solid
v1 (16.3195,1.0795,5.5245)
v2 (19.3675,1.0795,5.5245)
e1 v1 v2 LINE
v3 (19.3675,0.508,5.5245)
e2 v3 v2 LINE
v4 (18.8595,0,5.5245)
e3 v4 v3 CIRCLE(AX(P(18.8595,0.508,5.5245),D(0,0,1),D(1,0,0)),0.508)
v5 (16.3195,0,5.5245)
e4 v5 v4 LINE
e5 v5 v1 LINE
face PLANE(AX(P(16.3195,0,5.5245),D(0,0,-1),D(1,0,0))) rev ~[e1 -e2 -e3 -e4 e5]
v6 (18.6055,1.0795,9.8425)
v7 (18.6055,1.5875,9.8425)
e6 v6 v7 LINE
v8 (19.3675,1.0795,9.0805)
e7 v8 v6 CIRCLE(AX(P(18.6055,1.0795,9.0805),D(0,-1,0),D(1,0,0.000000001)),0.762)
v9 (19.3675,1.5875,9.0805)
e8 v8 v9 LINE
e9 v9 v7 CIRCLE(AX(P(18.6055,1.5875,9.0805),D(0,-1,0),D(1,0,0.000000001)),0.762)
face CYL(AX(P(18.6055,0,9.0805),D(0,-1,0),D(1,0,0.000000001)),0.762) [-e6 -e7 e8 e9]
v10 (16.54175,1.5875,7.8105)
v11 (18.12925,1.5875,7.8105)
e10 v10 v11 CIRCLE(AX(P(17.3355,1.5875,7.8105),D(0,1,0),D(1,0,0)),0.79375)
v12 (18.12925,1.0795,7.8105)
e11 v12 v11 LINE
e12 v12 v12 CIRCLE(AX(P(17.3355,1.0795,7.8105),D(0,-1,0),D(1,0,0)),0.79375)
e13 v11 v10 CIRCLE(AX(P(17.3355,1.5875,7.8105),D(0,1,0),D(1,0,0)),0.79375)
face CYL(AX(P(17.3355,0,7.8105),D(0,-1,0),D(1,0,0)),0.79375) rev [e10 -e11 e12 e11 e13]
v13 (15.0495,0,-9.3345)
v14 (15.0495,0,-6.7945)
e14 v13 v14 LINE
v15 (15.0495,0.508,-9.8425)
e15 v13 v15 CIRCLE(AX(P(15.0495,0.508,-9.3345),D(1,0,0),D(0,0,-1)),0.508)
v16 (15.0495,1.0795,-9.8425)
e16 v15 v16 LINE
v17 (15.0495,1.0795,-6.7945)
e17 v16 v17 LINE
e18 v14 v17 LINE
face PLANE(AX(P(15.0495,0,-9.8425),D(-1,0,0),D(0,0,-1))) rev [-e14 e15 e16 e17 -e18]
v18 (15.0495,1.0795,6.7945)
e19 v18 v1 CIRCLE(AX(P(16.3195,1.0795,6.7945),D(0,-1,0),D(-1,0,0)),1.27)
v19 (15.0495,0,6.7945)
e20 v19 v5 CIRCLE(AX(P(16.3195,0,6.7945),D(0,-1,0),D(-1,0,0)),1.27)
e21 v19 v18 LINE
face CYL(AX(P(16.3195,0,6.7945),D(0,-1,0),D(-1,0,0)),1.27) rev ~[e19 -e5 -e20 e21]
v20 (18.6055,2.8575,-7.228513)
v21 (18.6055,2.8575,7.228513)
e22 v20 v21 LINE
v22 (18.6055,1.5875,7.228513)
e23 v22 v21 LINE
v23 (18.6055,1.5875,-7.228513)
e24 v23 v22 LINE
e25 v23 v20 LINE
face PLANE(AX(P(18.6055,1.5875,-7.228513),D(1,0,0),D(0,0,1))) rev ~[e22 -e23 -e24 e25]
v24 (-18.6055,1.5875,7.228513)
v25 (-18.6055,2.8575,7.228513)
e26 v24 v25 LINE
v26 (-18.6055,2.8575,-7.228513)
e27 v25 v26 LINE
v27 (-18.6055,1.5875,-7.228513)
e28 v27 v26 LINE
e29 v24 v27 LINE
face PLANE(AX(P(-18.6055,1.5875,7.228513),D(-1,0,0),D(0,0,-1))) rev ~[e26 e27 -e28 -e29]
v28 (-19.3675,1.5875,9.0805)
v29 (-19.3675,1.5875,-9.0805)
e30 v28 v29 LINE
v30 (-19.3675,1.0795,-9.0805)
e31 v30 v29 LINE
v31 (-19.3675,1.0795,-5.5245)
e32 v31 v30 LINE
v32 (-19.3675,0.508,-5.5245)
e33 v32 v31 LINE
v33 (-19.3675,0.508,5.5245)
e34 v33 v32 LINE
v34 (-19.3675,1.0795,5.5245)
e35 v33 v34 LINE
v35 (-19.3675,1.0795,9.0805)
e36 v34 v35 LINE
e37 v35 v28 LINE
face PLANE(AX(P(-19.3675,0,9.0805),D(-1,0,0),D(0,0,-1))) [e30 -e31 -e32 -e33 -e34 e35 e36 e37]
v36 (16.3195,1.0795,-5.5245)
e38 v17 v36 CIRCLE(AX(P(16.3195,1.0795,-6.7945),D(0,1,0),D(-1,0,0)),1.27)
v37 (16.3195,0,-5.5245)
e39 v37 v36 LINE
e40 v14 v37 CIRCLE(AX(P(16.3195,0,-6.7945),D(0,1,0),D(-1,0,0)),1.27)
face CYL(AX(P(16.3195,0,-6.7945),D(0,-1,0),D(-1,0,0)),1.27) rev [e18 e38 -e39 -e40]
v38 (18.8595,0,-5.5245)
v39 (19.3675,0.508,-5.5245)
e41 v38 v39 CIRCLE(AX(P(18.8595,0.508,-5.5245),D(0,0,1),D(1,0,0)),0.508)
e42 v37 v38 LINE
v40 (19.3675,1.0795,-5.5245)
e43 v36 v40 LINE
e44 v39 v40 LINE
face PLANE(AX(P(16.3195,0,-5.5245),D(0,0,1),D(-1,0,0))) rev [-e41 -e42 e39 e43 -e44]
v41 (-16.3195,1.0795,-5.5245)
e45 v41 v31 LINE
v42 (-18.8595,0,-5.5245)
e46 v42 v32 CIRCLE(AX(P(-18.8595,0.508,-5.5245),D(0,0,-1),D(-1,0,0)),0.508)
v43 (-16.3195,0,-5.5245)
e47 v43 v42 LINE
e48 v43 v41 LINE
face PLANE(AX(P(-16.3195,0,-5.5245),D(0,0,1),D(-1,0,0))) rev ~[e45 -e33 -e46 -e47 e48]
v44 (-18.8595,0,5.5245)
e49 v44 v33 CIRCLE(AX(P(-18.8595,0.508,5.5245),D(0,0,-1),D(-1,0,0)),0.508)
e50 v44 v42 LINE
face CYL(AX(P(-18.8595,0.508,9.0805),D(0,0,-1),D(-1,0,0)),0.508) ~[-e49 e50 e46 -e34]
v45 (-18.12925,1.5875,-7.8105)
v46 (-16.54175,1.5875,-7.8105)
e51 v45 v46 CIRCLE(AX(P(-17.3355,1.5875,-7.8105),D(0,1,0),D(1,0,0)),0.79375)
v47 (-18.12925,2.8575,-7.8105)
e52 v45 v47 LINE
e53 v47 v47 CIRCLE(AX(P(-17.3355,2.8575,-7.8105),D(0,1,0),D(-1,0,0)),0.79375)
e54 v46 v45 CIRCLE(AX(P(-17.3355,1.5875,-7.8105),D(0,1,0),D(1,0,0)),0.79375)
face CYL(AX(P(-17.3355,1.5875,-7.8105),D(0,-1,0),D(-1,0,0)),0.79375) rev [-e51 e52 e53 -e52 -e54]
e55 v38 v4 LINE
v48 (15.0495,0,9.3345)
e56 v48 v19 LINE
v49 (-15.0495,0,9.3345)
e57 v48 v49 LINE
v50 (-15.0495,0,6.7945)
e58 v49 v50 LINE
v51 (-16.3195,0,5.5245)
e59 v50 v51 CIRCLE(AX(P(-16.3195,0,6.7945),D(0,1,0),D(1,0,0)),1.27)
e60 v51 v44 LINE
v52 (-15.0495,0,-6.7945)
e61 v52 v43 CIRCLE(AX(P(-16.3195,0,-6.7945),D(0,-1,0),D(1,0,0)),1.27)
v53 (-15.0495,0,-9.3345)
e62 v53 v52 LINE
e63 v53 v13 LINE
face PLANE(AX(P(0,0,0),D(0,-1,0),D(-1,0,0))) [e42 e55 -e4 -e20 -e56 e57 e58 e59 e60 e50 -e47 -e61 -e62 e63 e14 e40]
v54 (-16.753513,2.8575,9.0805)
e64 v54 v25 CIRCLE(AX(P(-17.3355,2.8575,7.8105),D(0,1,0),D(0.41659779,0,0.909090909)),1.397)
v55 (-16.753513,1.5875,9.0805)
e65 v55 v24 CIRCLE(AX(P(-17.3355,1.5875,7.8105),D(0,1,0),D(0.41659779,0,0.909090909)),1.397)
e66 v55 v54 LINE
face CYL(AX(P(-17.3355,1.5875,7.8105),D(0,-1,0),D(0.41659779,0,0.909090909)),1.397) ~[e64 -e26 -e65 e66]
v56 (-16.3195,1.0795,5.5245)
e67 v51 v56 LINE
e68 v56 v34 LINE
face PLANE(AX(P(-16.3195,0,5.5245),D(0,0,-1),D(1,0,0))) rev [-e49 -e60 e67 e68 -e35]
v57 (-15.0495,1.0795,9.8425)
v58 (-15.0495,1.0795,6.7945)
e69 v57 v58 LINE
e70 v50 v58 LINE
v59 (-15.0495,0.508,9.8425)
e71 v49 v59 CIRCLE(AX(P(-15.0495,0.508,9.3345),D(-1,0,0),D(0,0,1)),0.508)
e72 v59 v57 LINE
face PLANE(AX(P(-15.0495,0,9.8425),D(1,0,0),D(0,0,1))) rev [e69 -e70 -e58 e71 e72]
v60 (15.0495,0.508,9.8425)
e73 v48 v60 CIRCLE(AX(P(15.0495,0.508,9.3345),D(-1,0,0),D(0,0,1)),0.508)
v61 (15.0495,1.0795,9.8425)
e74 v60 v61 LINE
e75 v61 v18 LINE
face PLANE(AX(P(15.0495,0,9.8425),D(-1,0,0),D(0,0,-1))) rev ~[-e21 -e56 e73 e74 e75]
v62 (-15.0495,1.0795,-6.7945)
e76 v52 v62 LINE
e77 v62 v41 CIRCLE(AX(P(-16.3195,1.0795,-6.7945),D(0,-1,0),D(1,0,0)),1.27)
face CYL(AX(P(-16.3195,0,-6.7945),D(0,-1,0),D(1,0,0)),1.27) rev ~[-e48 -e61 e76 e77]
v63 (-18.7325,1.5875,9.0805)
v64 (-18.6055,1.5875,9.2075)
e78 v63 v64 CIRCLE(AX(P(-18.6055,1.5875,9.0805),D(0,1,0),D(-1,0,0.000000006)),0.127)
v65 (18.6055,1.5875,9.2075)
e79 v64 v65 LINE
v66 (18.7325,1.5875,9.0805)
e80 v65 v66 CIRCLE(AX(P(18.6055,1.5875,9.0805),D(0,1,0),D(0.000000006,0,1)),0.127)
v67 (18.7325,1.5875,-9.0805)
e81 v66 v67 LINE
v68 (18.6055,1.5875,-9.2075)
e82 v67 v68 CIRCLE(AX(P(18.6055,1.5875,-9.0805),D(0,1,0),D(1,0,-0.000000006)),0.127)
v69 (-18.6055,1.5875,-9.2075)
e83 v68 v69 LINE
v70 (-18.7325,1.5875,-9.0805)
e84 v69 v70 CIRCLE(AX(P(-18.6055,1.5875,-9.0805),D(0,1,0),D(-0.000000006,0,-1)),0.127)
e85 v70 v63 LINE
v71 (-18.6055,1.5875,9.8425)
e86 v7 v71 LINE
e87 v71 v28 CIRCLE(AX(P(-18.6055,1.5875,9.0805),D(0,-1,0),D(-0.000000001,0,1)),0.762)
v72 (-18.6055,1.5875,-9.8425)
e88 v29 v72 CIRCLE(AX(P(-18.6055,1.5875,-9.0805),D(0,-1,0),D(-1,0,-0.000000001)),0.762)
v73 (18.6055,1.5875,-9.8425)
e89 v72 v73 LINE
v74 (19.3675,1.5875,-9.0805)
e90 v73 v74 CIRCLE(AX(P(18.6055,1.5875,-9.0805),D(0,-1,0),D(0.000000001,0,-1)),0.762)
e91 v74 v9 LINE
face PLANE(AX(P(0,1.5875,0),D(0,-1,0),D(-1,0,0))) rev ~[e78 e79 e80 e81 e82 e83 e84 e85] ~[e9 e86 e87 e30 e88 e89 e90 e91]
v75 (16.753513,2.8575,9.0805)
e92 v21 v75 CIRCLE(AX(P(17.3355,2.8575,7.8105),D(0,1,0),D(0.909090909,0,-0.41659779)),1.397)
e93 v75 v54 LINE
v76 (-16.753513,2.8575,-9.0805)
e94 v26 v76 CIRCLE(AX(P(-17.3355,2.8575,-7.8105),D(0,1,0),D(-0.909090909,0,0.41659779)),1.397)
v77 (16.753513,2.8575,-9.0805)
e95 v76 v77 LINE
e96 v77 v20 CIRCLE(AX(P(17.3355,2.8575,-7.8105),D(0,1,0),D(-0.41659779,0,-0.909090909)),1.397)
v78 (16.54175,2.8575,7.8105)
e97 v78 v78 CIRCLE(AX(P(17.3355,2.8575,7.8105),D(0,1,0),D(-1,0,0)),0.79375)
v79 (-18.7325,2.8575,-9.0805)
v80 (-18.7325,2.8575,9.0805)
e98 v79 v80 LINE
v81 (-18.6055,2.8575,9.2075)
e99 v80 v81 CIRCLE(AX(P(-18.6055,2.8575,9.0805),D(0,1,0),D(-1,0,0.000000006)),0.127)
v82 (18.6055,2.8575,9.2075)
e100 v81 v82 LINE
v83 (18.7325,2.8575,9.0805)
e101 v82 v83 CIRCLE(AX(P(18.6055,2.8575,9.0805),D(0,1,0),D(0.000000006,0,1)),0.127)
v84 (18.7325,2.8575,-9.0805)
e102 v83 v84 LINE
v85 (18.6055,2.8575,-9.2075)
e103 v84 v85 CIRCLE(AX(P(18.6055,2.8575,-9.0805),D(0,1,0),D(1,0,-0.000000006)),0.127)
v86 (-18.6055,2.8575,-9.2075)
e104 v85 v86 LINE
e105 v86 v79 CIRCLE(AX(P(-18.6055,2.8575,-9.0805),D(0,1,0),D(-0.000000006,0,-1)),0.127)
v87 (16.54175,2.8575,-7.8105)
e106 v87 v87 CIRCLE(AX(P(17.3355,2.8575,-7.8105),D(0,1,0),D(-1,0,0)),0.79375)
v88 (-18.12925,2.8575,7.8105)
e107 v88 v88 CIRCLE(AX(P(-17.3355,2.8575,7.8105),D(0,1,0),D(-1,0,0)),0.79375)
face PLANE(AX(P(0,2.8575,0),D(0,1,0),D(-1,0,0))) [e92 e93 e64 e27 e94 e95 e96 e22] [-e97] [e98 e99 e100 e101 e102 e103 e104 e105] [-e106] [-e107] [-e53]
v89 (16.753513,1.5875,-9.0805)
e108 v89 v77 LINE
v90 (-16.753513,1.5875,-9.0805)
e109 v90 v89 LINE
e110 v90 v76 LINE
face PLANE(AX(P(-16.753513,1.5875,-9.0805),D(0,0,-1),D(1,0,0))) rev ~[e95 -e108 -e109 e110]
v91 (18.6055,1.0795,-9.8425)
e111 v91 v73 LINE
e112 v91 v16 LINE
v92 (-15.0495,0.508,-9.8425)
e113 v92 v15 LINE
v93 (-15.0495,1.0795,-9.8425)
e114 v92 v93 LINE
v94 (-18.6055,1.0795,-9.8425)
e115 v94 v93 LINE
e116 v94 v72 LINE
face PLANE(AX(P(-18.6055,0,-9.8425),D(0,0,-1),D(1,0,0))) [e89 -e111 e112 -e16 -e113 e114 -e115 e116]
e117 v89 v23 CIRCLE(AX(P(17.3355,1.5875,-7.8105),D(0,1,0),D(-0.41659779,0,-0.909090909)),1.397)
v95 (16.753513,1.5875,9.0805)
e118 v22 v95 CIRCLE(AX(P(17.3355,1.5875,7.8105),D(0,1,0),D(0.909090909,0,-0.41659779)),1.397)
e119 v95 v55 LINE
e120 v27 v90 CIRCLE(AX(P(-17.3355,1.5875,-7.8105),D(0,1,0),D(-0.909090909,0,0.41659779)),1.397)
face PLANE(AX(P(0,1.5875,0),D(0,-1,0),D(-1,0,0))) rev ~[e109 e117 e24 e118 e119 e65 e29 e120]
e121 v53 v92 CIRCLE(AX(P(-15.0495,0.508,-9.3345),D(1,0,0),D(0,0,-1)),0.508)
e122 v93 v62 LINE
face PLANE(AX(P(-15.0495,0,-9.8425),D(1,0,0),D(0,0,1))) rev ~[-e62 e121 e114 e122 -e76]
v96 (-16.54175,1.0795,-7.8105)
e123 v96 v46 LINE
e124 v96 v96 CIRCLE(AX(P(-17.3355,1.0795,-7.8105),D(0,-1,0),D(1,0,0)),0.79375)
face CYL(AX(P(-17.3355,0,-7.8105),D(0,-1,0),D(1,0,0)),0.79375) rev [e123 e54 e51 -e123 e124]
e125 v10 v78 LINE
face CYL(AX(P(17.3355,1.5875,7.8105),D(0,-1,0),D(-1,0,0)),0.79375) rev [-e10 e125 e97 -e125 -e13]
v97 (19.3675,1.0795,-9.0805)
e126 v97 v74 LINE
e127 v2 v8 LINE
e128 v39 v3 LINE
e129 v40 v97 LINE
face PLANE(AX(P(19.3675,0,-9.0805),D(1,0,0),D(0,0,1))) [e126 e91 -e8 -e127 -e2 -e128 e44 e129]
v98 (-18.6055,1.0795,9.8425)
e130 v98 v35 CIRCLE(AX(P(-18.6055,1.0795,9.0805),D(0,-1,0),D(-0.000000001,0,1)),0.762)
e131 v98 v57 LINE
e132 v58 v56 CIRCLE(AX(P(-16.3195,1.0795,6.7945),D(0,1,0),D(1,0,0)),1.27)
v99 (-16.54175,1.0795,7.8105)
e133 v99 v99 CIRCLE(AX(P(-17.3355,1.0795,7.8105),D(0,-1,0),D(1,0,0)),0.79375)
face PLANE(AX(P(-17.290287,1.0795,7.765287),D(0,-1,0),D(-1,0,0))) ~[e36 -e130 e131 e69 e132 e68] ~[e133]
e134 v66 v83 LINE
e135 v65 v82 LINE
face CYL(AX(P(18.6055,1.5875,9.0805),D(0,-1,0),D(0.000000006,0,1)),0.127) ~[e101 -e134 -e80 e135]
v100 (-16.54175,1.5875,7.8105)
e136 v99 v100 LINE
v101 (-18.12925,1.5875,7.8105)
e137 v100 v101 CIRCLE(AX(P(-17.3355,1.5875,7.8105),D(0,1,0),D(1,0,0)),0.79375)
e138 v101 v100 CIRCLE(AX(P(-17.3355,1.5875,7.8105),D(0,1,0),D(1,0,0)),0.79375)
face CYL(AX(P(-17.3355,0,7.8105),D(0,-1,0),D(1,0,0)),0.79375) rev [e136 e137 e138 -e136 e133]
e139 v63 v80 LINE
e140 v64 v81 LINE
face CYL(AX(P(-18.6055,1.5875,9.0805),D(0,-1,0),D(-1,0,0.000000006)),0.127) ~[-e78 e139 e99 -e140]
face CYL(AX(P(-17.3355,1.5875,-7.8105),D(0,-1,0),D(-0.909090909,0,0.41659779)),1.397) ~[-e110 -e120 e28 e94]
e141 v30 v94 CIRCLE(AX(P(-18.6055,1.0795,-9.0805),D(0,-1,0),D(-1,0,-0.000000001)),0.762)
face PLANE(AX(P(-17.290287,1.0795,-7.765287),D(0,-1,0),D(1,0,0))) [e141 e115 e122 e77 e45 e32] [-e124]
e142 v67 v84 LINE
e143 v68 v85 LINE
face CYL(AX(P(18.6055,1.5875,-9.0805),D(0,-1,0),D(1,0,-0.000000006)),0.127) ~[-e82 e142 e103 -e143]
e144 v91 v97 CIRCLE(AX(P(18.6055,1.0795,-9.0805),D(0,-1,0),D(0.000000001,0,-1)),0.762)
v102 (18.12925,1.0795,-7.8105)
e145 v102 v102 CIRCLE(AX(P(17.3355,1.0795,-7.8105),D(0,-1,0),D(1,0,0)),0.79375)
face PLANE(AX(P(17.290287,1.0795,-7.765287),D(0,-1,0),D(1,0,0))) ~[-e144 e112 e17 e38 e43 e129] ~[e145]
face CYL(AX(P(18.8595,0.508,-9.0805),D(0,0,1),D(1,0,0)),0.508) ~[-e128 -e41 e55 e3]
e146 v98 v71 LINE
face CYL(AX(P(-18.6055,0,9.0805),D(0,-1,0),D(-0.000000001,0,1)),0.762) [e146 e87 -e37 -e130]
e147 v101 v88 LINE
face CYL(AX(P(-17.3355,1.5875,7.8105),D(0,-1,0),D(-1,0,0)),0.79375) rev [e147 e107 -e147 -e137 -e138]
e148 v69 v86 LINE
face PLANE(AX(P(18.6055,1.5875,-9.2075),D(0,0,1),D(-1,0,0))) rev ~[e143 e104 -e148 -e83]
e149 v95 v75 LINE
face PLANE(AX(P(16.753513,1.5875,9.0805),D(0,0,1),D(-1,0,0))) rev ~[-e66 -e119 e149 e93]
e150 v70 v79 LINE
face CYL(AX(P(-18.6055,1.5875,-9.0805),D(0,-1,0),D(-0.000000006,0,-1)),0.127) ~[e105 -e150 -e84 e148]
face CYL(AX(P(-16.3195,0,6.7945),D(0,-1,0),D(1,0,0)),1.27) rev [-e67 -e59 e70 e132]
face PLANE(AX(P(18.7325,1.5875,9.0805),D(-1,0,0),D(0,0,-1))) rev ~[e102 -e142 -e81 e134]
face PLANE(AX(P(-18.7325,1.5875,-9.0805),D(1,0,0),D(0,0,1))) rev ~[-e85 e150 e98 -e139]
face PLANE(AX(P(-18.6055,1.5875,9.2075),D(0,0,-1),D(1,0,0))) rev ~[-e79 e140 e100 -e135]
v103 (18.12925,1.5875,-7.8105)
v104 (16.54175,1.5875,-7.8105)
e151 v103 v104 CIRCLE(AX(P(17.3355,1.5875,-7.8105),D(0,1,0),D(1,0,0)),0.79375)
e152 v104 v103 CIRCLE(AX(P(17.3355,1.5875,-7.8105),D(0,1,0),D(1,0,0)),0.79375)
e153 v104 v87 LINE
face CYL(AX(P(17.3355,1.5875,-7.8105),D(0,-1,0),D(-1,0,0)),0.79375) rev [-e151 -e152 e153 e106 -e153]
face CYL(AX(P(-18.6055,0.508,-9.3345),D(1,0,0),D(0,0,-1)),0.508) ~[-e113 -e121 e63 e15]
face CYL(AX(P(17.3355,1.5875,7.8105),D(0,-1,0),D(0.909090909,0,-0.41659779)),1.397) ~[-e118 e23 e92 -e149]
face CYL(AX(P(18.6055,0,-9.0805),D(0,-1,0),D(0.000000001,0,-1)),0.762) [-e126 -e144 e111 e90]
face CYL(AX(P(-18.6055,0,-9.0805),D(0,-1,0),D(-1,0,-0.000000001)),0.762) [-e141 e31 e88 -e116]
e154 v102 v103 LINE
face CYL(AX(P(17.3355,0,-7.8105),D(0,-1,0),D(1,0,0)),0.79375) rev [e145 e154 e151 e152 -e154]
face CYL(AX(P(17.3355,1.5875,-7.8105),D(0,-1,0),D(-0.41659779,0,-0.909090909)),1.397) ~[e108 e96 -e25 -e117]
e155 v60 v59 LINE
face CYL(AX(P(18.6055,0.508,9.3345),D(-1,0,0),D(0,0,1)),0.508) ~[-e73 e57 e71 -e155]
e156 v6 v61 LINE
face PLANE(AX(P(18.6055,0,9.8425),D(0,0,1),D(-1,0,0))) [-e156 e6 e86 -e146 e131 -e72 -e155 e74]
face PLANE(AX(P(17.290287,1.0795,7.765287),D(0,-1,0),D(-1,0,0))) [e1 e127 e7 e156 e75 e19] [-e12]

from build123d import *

# Parameters (mm, degrees)
SKETCH1_R            = 0.79375
EXTRUDE1_DEPTH       = 1.5875
FILLET2_R            = 0.508
SKETCH2_R            = 0.79375
EXTRUDE2_DEPTH       = 1.27
CUT_EXTRUDE1_DEPTH   = 1.0795
MIRROR2_COPY_1_DEPTH = 1.0795


with BuildPart() as part:
    # Sketch1 → Extrude1 (new body)
    with BuildSketch(Plane(origin=(0, 0, 0), x_dir=(1, 0, 0), z_dir=(0, 1, 0))):
        with BuildLine():
            Line((-18.6055, 9.8425), (18.6055, 9.8425))
            ThreePointArc((18.6055, 9.8425), (19.144315367, 9.619315367), (19.3675, 9.0805))
            Line((19.3675, 9.0805), (19.3675, -9.0805))
            ThreePointArc((19.3675, -9.0805), (19.144315367, -9.619315367), (18.6055, -9.8425))
            Line((18.6055, -9.8425), (-18.6055, -9.8425))
            ThreePointArc((-18.6055, -9.8425), (-19.144315367, -9.619315367), (-19.3675, -9.0805))
            Line((-19.3675, -9.0805), (-19.3675, 9.0805))
            ThreePointArc((-19.3675, 9.0805), (-19.144315367, 9.619315367), (-18.6055, 9.8425))
        make_face()
        with Locations((-17.3355, 7.8105)):
            Circle(SKETCH1_R, mode=Mode.SUBTRACT)
        with Locations((17.3355, 7.8105)):
            Circle(SKETCH1_R, mode=Mode.SUBTRACT)
        with Locations((17.3355, -7.8105)):
            Circle(SKETCH1_R, mode=Mode.SUBTRACT)
        with Locations((-17.3355, -7.8105)):
            Circle(SKETCH1_R, mode=Mode.SUBTRACT)
    extrude(amount=EXTRUDE1_DEPTH)

    # Fillet2
    fillet2_edges = [part.edges().sort_by_distance(p)[0] for p in [
        (-19.3675, 0, 0),
        (-19.144315367, 0, -9.619315367),
        (0, 0, -9.8425),
        (19.144315367, 0, -9.619315367),
        (19.3675, 0, 0),
        (19.144315367, 0, 9.619315367),
        (0, 0, 9.8425),
        (-19.144315367, 0, 9.619315367),
    ]]
    fillet(fillet2_edges, radius=FILLET2_R)

    # Sketch2 → Extrude2 (add)
    with BuildSketch(Plane(origin=(0, 1.5875, 0), x_dir=(-1, 0, 0), z_dir=(0, 1, 0))):
        with BuildLine():
            Line((18.6055, 9.2075), (-18.6055, 9.2075))
            ThreePointArc((-18.6055, 9.2075), (-18.695302561, 9.170302561), (-18.7325, 9.0805))
            Line((-18.7325, 9.0805), (-18.7325, -9.0805))
            ThreePointArc((-18.7325, -9.0805), (-18.695302561, -9.170302561), (-18.6055, -9.2075))
            Line((-18.6055, -9.2075), (18.6055, -9.2075))
            ThreePointArc((18.6055, -9.2075), (18.695302561, -9.170302561), (18.7325, -9.0805))
            Line((18.7325, -9.0805), (18.7325, 9.0805))
            ThreePointArc((18.7325, 9.0805), (18.695302561, 9.170302561), (18.6055, 9.2075))
        make_face()
        with Locations((-17.3355, 7.8105)):
            Circle(SKETCH2_R, mode=Mode.SUBTRACT)
        with Locations((-17.3355, -7.8105)):
            Circle(SKETCH2_R, mode=Mode.SUBTRACT)
        with Locations((17.3355, -7.8105)):
            Circle(SKETCH2_R, mode=Mode.SUBTRACT)
        with Locations((17.3355, 7.8105)):
            Circle(SKETCH2_R, mode=Mode.SUBTRACT)
        with BuildLine():
            Line((-18.6055, -7.228512887), (-18.6055, 7.228512887))
            ThreePointArc((-18.6055, 7.228512887), (-16.347671827, 6.822671827), (-16.753512887, 9.0805))
            Line((-16.753512887, 9.0805), (16.753512887, 9.0805))
            ThreePointArc((16.753512887, 9.0805), (16.347671827, 6.822671827), (18.6055, 7.228512887))
            Line((18.6055, 7.228512887), (18.6055, -7.228512887))
            ThreePointArc((18.6055, -7.228512887), (16.347671827, -6.822671827), (16.753512887, -9.0805))
            Line((16.753512887, -9.0805), (-16.753512887, -9.0805))
            ThreePointArc((-16.753512887, -9.0805), (-16.347671827, -6.822671827), (-18.6055, -7.228512887))
        make_face(mode=Mode.SUBTRACT)
    extrude(amount=EXTRUDE2_DEPTH)

    # Sketch3 → Cut-Extrude1 (cut)
    with BuildSketch(Plane.XZ):
        with BuildLine():
            Line((-16.3195, -5.5245), (-19.3675, -5.5245))
            Line((-19.3675, -5.5245), (-19.3675, -9.8425))
            Line((-19.3675, -9.8425), (-15.0495, -9.8425))
            Line((-15.0495, -9.8425), (-15.0495, -6.7945))
            ThreePointArc((-15.0495, -6.7945), (-15.421474388, -5.896474388), (-16.3195, -5.5245))
        make_face()
    cut_extrude1 = extrude(amount=-CUT_EXTRUDE1_DEPTH, mode=Mode.SUBTRACT)

    # Mirror1: Cut-Extrude1 across plane
    add(cut_extrude1.mirror(Plane(origin=(0, 0, 0), x_dir=(0, 0, 1), z_dir=(1, 0, 0))), mode=Mode.SUBTRACT)

    # Mirror2: Cut-Extrude1 across plane
    add(cut_extrude1.mirror(Plane.XY), mode=Mode.SUBTRACT)

    # Mirror2 copy 1 sketch → Mirror2 copy 1 (cut)
    with BuildSketch(Plane(origin=(0, 0, 0), x_dir=(-1, 0, 0), z_dir=(0, -1, 0))):
        with BuildLine():
            Line((-16.3195, -5.5245), (-19.3675, -5.5245))
            Line((-19.3675, -5.5245), (-19.3675, -9.8425))
            Line((-19.3675, -9.8425), (-15.0495, -9.8425))
            Line((-15.0495, -9.8425), (-15.0495, -6.7945))
            ThreePointArc((-15.0495, -6.7945), (-15.421474388, -5.896474388), (-16.3195, -5.5245))
        make_face()
    extrude(amount=-MIRROR2_COPY_1_DEPTH, mode=Mode.SUBTRACT)


solid = part.part
